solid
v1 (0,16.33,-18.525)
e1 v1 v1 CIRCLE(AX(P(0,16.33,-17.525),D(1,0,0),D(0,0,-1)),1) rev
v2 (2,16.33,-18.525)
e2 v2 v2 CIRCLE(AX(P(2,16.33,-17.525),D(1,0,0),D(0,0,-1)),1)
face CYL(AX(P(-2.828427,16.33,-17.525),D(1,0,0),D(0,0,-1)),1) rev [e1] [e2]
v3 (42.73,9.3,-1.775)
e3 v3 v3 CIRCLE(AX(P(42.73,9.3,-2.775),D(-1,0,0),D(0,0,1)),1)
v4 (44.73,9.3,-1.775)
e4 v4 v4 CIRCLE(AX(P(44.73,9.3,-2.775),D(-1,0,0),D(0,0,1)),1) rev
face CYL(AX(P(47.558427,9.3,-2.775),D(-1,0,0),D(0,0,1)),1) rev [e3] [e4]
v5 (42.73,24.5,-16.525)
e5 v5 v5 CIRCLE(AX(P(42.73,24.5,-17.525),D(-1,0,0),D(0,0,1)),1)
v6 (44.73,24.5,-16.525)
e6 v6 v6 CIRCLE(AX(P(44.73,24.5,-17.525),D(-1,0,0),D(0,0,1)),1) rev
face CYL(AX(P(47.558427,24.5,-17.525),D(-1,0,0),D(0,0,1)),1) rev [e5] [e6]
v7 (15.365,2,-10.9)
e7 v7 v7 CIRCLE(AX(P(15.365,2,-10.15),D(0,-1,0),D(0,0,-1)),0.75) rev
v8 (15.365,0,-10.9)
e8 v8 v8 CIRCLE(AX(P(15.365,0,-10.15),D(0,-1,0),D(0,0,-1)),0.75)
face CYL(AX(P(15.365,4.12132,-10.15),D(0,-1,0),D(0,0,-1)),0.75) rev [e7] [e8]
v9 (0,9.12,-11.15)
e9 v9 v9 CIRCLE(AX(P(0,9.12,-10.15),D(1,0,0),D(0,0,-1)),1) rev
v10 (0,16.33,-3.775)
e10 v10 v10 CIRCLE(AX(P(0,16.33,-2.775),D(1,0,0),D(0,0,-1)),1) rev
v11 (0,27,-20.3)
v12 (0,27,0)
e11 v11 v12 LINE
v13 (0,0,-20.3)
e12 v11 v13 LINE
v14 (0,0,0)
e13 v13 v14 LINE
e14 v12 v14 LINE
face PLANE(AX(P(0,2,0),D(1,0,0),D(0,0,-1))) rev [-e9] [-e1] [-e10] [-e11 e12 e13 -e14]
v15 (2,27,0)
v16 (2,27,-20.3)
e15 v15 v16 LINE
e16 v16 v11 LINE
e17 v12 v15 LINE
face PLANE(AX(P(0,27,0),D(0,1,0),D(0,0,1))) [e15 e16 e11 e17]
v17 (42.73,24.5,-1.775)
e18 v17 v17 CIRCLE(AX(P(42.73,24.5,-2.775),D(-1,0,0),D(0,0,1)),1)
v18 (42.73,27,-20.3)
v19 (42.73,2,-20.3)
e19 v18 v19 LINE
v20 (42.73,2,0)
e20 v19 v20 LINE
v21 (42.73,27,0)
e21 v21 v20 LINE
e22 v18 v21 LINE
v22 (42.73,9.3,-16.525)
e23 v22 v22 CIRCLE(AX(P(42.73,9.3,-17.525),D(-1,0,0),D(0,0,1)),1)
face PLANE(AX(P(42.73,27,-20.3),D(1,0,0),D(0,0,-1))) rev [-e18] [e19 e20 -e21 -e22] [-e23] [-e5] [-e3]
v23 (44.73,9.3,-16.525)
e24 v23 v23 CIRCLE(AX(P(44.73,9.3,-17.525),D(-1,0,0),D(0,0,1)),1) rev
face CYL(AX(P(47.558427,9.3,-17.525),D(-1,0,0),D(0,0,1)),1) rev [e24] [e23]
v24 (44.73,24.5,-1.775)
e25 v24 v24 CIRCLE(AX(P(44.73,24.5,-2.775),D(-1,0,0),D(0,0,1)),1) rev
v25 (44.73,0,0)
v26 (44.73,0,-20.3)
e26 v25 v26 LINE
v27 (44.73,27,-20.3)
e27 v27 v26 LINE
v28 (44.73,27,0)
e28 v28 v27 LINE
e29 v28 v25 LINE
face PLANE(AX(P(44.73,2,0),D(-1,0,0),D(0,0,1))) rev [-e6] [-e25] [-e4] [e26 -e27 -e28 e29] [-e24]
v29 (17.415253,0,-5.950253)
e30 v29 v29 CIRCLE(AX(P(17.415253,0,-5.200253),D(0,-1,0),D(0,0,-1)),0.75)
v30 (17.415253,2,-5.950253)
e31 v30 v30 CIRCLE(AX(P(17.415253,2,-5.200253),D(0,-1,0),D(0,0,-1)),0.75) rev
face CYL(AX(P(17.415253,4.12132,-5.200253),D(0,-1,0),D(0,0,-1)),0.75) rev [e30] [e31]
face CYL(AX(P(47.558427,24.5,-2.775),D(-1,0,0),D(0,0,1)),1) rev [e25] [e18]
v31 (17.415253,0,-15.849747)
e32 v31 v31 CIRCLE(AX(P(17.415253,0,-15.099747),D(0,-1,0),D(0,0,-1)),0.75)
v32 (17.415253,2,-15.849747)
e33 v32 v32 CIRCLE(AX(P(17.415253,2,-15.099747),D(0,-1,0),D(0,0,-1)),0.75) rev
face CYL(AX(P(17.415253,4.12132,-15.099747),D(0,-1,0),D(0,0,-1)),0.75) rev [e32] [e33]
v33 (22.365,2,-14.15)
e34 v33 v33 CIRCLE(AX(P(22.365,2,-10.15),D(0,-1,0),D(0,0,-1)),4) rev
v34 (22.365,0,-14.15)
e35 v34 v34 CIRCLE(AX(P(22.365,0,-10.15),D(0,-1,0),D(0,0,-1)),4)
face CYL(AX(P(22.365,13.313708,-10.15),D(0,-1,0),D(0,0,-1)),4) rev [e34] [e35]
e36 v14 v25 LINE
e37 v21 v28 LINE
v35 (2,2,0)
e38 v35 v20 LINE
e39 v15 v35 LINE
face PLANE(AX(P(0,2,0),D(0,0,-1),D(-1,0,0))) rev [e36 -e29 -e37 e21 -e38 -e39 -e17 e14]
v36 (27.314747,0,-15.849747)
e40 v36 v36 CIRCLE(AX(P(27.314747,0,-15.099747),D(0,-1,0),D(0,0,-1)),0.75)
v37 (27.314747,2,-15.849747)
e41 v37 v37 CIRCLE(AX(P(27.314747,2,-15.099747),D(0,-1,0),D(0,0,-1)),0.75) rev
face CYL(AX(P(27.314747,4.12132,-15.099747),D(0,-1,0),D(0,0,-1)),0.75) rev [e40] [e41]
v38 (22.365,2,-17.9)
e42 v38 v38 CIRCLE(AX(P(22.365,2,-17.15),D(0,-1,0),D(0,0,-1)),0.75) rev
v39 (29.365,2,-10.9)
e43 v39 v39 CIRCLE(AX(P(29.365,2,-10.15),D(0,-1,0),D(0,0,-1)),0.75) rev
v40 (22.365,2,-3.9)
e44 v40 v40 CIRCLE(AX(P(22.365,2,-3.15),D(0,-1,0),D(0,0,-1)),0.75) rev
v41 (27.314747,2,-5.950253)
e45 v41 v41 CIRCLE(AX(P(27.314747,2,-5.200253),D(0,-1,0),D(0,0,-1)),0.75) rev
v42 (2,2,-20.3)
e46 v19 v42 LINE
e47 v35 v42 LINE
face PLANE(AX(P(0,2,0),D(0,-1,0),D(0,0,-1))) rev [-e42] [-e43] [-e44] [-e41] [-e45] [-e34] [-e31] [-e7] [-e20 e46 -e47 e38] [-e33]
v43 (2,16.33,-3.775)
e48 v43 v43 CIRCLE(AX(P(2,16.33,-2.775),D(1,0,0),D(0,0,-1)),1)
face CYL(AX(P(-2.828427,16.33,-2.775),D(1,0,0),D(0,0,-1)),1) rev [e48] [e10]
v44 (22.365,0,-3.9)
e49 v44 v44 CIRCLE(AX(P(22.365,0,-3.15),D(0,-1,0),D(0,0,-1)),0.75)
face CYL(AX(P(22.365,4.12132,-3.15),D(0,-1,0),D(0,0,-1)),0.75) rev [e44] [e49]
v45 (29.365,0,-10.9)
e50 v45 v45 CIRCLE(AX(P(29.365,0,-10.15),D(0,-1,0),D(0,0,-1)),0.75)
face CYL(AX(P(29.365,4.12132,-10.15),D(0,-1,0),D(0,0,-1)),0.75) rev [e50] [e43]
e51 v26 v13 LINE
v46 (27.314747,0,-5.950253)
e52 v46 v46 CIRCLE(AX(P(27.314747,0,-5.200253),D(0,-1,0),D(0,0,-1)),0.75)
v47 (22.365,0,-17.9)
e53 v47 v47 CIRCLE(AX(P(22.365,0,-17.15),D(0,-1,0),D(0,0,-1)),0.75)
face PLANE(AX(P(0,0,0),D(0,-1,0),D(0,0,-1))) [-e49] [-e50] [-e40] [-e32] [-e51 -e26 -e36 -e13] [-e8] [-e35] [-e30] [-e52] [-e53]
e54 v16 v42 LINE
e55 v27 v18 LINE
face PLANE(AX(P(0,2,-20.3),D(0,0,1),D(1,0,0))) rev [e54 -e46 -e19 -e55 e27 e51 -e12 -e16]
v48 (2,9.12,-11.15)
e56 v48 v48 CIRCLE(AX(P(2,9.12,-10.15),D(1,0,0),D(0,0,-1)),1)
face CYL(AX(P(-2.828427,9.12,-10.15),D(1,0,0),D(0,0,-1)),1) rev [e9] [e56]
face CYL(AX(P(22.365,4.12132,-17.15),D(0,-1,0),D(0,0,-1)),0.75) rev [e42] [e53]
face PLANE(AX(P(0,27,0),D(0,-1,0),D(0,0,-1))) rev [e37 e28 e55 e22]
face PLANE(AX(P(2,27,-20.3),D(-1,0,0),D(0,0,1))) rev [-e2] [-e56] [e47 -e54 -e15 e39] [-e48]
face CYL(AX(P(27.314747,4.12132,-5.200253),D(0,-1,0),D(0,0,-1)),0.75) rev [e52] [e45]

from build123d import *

# Parameters (mm, degrees)
SKETCH1_W               = 44.73
SKETCH1_H               = 20.3
YAWMOUNT_DEPTH          = 2
SKETCH2_W               = 2
SKETCH2_H               = 20.3
BODYCONNECTORS_DEPTH    = 25
SKETCH3_R               = 4
AXLE_COUNTERBORE_DEPTH  = 2
SKETCH5_R               = 0.75
AZEL_MOUNTSCREWS_DEPTH  = 2
SKETCH6_R               = 1
GEARSIDE_SCREWS_DEPTH   = 2
SKETCH7_R               = 1
SMOOTHSIDE_SCREWS_DEPTH = 2


with BuildPart() as part:
    # Sketch1 → YawMount (new body)
    with BuildSketch(Plane(origin=(0, 0, 0), x_dir=(1, 0, 0), z_dir=(0, 1, 0))):
        with Locations((22.365, 10.15)):
            Rectangle(SKETCH1_W, SKETCH1_H)
    extrude(amount=YAWMOUNT_DEPTH)

    # Sketch2 → BodyConnectors (add)
    with BuildSketch(Plane(origin=(0, 2, 0), x_dir=(1, 0, 0), z_dir=(0, 1, 0))):
        with Locations((1, 10.15)):
            Rectangle(SKETCH2_W, SKETCH2_H)
        with Locations((43.73, 10.15)):
            Rectangle(SKETCH2_W, SKETCH2_H)
    extrude(amount=BODYCONNECTORS_DEPTH)

    # Sketch3 → Axle-Counterbore (cut)
    with BuildSketch(Plane.XZ):
        with Locations(Location((22.365, -10.15, 0), (0, 0, 270))):
            Circle(SKETCH3_R)
    extrude(amount=-AXLE_COUNTERBORE_DEPTH, mode=Mode.SUBTRACT)

    # Sketch5 → azel-mountscrews (cut)
    with BuildSketch(Plane.XZ):
        with Locations(Location((15.365, -10.15, 0), (0, 0, 270))):
            Circle(SKETCH5_R)
        with Locations(Location((17.415252532, -5.200252532, 0), (0, 0, 270))):
            Circle(SKETCH5_R)
        with Locations(Location((22.365, -3.15, 0), (0, 0, 270))):
            Circle(SKETCH5_R)
        with Locations(Location((27.314747468, -5.200252532, 0), (0, 0, 270))):
            Circle(SKETCH5_R)
        with Locations(Location((29.365, -10.15, 0), (0, 0, 270))):
            Circle(SKETCH5_R)
        with Locations(Location((27.314747468, -15.099747468, 0), (0, 0, 270))):
            Circle(SKETCH5_R)
        with Locations(Location((22.365, -17.15, 0), (0, 0, 270))):
            Circle(SKETCH5_R)
        with Locations(Location((17.415252532, -15.099747468, 0), (0, 0, 270))):
            Circle(SKETCH5_R)
    extrude(amount=-AZEL_MOUNTSCREWS_DEPTH, mode=Mode.SUBTRACT)

    # Sketch6 → GearSide-Screws (cut)
    with BuildSketch(Plane(origin=(2, 0, 0), x_dir=(0, 0, -1), z_dir=(1, 0, 0))):
        with Locations((10.15, 9.12)):
            Circle(SKETCH6_R)
        with Locations((17.525, 16.33)):
            Circle(SKETCH6_R)
        with Locations((2.775, 16.33)):
            Circle(SKETCH6_R)
    extrude(amount=-GEARSIDE_SCREWS_DEPTH, mode=Mode.SUBTRACT)

    # Sketch7 → SmoothSide-Screws (cut)
    with BuildSketch(Plane.ZY.offset(-42.73)):
        with Locations((-2.775, 9.3)):
            Circle(SKETCH7_R)
        with Locations((-17.525, 9.3)):
            Circle(SKETCH7_R)
        with Locations((-17.525, 24.5)):
            Circle(SKETCH7_R)
        with Locations((-2.775, 24.5)):
            Circle(SKETCH7_R)
    extrude(amount=-SMOOTHSIDE_SCREWS_DEPTH, mode=Mode.SUBTRACT)


solid = part.part
